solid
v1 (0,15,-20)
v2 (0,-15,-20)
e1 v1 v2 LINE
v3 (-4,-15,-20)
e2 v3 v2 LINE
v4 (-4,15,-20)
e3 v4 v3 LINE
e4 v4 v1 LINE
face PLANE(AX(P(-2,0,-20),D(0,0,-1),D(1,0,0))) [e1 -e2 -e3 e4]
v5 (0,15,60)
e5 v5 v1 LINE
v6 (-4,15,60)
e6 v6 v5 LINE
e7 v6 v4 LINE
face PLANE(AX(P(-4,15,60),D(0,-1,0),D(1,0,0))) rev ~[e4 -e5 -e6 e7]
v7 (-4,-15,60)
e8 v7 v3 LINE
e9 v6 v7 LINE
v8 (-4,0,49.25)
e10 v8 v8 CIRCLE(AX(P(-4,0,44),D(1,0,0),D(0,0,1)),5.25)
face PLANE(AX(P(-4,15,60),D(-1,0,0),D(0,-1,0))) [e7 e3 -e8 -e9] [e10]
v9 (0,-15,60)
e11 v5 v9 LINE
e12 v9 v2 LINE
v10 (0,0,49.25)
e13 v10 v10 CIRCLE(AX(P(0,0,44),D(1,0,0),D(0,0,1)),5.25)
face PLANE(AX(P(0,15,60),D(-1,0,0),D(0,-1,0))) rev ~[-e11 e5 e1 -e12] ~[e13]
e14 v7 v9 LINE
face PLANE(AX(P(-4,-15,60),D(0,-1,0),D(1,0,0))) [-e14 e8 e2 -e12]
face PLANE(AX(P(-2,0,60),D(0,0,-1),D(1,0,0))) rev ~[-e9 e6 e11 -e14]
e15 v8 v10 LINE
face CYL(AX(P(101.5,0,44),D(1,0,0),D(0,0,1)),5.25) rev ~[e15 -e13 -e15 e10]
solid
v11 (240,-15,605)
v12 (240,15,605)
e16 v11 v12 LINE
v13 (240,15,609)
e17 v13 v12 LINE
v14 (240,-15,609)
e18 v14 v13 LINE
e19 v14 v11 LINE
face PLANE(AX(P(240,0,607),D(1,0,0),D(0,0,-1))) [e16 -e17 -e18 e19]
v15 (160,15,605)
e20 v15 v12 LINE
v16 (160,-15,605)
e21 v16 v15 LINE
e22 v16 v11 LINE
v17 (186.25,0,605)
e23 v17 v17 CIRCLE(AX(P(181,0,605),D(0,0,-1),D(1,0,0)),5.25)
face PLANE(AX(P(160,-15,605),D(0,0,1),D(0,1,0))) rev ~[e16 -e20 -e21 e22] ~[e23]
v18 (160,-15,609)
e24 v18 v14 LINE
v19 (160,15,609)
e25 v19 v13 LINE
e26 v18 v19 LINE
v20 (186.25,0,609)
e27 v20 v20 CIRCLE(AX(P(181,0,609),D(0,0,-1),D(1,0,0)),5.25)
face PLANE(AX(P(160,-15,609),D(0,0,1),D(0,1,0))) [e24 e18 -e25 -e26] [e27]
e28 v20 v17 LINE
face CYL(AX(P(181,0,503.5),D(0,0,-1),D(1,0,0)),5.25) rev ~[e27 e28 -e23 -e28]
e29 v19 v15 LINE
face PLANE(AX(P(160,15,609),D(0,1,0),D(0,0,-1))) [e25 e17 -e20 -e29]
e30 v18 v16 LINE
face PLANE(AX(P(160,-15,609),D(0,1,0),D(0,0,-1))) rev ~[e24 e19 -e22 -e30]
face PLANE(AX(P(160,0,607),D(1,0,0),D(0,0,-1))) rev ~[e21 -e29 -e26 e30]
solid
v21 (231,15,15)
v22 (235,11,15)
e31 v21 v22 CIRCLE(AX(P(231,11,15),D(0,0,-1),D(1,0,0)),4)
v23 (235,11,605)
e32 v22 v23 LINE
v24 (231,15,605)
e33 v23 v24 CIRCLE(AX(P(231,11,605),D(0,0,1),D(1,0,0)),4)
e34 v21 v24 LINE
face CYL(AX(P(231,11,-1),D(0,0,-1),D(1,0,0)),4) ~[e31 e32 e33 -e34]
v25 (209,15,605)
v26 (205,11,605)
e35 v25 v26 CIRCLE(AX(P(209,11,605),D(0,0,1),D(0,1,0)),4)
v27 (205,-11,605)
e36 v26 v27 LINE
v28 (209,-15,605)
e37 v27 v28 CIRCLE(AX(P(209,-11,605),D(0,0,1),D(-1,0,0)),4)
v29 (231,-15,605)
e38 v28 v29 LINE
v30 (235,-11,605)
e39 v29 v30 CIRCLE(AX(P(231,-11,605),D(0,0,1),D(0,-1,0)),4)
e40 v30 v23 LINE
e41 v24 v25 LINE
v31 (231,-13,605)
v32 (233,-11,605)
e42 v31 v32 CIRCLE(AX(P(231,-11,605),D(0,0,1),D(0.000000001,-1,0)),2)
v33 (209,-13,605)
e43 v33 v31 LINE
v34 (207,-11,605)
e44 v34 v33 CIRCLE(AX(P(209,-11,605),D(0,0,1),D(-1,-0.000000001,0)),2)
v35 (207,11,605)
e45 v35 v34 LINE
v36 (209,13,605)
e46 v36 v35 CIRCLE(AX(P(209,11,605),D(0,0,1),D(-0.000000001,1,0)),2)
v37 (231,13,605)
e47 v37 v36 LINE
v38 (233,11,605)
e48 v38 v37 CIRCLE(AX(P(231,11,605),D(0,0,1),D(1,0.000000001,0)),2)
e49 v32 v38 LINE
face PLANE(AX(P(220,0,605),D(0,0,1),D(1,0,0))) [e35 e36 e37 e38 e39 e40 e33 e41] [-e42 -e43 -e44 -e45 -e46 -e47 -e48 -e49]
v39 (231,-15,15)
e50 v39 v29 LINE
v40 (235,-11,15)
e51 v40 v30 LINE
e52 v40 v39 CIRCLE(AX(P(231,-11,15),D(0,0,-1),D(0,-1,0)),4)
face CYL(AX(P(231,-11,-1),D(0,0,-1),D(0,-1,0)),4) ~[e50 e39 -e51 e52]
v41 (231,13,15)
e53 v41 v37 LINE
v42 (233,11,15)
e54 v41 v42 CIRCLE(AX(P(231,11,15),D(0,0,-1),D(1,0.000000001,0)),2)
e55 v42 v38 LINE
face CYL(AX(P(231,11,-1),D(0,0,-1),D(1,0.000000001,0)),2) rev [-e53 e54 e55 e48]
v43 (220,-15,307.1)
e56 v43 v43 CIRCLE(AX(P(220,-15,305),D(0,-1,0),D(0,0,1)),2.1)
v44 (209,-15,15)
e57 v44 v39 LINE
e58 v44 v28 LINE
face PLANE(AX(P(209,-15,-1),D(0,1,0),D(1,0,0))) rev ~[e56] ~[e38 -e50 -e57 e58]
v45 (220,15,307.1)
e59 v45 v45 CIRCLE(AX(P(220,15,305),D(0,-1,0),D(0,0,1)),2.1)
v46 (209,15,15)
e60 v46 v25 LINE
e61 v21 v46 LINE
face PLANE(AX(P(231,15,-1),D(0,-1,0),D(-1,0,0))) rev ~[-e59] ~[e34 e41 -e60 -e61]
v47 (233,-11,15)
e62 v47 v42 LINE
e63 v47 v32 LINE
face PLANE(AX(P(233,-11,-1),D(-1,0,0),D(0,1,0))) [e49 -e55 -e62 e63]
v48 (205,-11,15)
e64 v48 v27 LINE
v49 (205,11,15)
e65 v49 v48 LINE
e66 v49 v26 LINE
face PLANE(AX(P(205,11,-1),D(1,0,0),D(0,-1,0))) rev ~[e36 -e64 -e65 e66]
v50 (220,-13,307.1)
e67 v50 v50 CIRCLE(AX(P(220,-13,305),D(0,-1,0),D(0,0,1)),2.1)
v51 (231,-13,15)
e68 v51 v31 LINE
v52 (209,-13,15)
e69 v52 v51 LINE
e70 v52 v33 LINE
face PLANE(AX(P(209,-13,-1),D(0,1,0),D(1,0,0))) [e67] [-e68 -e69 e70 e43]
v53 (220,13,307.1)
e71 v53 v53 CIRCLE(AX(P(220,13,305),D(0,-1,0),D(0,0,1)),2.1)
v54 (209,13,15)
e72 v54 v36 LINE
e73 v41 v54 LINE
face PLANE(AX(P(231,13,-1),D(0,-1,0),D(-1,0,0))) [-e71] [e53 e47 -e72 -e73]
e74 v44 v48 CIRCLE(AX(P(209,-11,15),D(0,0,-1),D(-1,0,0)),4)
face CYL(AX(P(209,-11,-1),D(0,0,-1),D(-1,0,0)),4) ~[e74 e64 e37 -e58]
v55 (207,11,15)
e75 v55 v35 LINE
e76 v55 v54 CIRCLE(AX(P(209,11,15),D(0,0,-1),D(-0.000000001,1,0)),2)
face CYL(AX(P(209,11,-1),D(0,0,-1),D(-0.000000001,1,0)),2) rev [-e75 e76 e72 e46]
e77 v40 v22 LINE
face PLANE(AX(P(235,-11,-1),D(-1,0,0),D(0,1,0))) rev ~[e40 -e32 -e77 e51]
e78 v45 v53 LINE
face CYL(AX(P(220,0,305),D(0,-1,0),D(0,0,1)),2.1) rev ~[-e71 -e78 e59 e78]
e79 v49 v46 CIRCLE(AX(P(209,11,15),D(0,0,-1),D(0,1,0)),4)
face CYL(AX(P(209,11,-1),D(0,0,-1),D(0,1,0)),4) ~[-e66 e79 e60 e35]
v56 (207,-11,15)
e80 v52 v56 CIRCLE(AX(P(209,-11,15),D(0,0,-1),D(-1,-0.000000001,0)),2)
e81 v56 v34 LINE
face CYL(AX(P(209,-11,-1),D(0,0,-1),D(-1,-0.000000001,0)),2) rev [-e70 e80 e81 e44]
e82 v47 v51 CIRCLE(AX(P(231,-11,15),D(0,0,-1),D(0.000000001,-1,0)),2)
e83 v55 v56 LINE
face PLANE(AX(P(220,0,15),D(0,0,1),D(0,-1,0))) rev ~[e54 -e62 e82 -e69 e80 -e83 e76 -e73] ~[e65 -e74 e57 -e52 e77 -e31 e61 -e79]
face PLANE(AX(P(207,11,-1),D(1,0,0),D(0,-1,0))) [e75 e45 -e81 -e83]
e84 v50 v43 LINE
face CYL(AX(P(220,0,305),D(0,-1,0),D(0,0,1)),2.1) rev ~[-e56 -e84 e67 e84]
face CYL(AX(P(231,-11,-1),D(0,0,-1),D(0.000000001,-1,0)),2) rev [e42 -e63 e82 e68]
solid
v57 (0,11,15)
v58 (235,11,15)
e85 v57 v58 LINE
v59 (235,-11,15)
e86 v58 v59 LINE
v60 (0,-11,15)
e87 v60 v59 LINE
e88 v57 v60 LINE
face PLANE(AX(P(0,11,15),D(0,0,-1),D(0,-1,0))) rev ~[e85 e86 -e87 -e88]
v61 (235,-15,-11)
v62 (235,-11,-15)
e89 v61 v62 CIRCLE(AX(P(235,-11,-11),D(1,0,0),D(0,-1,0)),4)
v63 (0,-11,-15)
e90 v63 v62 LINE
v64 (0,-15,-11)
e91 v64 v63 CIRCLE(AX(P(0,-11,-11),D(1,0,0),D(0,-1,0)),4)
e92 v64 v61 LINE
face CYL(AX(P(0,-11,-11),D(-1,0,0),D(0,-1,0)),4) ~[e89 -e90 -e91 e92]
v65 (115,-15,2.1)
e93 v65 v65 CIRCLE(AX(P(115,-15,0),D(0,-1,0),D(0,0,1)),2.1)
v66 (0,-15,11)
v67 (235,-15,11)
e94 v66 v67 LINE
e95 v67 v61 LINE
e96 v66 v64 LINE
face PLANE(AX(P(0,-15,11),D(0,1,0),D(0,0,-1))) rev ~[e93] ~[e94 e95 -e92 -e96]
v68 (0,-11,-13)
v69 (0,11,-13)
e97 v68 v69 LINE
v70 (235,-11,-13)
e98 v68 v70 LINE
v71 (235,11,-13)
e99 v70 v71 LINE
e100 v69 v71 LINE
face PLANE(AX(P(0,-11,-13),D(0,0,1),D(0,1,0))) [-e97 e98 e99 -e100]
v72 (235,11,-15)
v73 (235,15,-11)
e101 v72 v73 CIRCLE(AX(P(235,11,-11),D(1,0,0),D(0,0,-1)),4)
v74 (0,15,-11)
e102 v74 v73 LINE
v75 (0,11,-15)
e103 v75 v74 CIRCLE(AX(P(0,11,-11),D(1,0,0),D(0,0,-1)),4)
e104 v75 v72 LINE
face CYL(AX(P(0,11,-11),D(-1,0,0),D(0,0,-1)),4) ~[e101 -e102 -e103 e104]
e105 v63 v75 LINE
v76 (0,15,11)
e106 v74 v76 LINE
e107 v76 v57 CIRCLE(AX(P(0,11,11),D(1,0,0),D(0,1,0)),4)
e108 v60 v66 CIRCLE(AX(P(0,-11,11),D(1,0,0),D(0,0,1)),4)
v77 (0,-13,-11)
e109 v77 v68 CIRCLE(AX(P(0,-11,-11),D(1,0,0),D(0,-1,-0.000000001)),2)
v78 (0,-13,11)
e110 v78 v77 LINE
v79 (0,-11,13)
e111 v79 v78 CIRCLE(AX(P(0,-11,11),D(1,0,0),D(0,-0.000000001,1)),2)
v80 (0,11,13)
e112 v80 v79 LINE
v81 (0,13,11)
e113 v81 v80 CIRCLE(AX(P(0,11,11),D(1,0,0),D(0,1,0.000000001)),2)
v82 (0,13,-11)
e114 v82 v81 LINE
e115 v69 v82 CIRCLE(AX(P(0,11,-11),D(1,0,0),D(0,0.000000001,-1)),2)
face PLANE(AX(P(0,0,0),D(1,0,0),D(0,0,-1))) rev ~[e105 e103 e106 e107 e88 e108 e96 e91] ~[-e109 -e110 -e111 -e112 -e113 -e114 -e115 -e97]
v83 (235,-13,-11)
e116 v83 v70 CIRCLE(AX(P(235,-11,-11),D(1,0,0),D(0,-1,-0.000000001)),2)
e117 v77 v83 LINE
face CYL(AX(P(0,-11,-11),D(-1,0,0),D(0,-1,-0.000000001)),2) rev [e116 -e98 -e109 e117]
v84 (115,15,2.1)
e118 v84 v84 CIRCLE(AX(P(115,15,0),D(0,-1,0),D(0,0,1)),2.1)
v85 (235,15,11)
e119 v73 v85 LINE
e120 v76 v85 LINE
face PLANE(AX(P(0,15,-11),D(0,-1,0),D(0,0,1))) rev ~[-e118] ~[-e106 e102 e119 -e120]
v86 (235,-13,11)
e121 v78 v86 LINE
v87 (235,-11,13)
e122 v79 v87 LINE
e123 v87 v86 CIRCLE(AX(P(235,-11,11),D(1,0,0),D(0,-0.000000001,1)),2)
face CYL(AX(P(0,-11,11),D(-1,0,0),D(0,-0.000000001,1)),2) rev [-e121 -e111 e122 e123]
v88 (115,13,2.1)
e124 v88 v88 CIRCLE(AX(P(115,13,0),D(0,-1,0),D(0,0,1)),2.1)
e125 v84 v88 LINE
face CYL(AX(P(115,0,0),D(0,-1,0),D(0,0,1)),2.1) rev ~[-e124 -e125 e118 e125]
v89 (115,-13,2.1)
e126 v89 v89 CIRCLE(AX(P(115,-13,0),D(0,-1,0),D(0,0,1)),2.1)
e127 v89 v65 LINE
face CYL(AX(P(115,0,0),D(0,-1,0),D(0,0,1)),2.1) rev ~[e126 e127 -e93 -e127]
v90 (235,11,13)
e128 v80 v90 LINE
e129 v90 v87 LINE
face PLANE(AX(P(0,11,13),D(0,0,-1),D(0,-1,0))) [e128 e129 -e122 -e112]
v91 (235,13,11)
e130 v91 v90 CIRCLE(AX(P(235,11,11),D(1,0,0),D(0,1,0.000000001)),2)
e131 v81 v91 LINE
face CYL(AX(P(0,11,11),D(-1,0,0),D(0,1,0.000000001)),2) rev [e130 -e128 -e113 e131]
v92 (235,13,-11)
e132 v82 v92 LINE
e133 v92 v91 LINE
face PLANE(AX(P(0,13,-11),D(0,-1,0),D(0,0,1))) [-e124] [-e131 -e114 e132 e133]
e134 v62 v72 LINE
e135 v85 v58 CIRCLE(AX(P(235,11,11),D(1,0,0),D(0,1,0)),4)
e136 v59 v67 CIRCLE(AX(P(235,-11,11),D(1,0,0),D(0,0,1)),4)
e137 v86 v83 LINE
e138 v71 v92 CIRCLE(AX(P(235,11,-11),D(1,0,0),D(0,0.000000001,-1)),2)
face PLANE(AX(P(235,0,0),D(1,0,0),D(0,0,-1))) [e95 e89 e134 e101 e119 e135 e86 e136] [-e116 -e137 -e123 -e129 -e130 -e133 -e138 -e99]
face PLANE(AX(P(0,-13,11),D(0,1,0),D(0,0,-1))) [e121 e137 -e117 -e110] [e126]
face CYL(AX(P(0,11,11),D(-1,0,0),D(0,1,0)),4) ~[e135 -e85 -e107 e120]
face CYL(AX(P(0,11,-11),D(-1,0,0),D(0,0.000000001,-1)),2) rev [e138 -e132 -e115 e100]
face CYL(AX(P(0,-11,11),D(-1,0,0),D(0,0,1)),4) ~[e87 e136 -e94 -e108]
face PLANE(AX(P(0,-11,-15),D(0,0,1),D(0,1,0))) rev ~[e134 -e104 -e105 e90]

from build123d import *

# Parameters (mm, degrees)
SQUARE_TUBE_CONFIGURED_30_X_30_X_2_DEPTH   = 235
SQUARE_TUBE_CONFIGURED_30_X_30_X_2_2_DEPTH = 606
SKETCH11_W                                 = 4
SKETCH11_H                                 = 30
METAL_BAR_30_X_4_DEPTH                     = 80
SKETCH14_W                                 = 4
SKETCH14_H                                 = 30
METAL_BAR_30_X_4_2_DEPTH                   = 80
SKETCH16_W                                 = 5.25
SKETCH16_H                                 = 211
SKETCH16_AT_POINT_2_W                      = 5.25
SKETCH16_AT_POINT_2_H                      = 211
SKETCH18_W                                 = 2.1
SKETCH18_H                                 = 30
F_4_2_4_2_TABLE_MOUNT_HOLES_AT_2_COUNT     = 2
F_4_2_4_2_TABLE_MOUNT_HOLES_AT_2_PITCH     = 322.567822326


with BuildPart() as part:
    # Sketch1 → Square tube - configured 30 X 30 X 2 (new body)
    with BuildSketch(Plane(origin=(0, 0, 0), x_dir=(0, 0, -1), z_dir=(1, 0, 0))):
        with BuildLine():
            Line((-11, -15), (11, -15))
            ThreePointArc((11, -15), (13.828427125, -13.828427125), (15, -11))
            Line((15, -11), (15, 11))
            ThreePointArc((15, 11), (13.828427125, 13.828427125), (11, 15))
            Line((11, 15), (-11, 15))
            ThreePointArc((-11, 15), (-13.828427125, 13.828427125), (-15, 11))
            Line((-15, 11), (-15, -11))
            ThreePointArc((-15, -11), (-13.828427125, -13.828427125), (-11, -15))
        make_face()
        with BuildLine():
            Line((-11, -13), (11, -13))
            ThreePointArc((11, -13), (12.414213562, -12.414213562), (13, -11))
            Line((13, -11), (13, 11))
            ThreePointArc((13, 11), (12.414213562, 12.414213562), (11, 13))
            Line((11, 13), (-11, 13))
            ThreePointArc((-11, 13), (-12.414213562, 12.414213562), (-13, 11))
            Line((-13, 11), (-13, -11))
            ThreePointArc((-13, -11), (-12.414213562, -12.414213562), (-11, -13))
        make_face(mode=Mode.SUBTRACT)
    extrude(amount=SQUARE_TUBE_CONFIGURED_30_X_30_X_2_DEPTH)

    # Sketch18 → Ø4.2 (4.2) Table Mount Holes (revolve, cut)
    with BuildSketch(Plane(origin=(115, 15, 0), x_dir=(0, 0, 1), z_dir=(1, 0, 0))):
        with Locations((1.05, 15)):
            Rectangle(SKETCH18_W, SKETCH18_H)
    f_4_2_4_2_table_mount_holes = revolve(axis=Axis((115, 21.35, 0), (0, -1, 0)), mode=Mode.SUBTRACT)


with BuildPart() as body_2:
    # Sketch1 on segment 2 (carried to segment 2) → Square tube - configured 30 X 30 X 2 2 (new body)
    with BuildSketch(Plane(origin=(220, 0, -1), x_dir=(1, 0, 0), z_dir=(0, 0, 1))):
        with BuildLine():
            Line((-11, -15), (11, -15))
            ThreePointArc((11, -15), (13.828427125, -13.828427125), (15, -11))
            Line((15, -11), (15, 11))
            ThreePointArc((15, 11), (13.828427125, 13.828427125), (11, 15))
            Line((11, 15), (-11, 15))
            ThreePointArc((-11, 15), (-13.828427125, 13.828427125), (-15, 11))
            Line((-15, 11), (-15, -11))
            ThreePointArc((-15, -11), (-13.828427125, -13.828427125), (-11, -15))
        make_face()
        with BuildLine():
            Line((-11, -13), (11, -13))
            ThreePointArc((11, -13), (12.414213562, -12.414213562), (13, -11))
            Line((13, -11), (13, 11))
            ThreePointArc((13, 11), (12.414213562, 12.414213562), (11, 13))
            Line((11, 13), (-11, 13))
            ThreePointArc((-11, 13), (-12.414213562, 12.414213562), (-13, 11))
            Line((-13, 11), (-13, -11))
            ThreePointArc((-13, -11), (-12.414213562, -12.414213562), (-11, -13))
        make_face(mode=Mode.SUBTRACT)
    extrude(amount=SQUARE_TUBE_CONFIGURED_30_X_30_X_2_2_DEPTH)

    # Square tube - configured 30 X 30 X 2 2 e
    split(bisect_by=Plane(origin=(220, 0, 15), x_dir=(0, -1, 0), z_dir=(0, 0, 1)), keep=Keep.TOP)

    # Ø4.2 (4.2) Table Mount Holes at 2: Ø4.2 (4.2) Table Mount Holes ×2
    with Locations(*[Vector(0.3255129393965166, 0, 0.9455375858660722) * (i * F_4_2_4_2_TABLE_MOUNT_HOLES_AT_2_PITCH) for i in range(1, F_4_2_4_2_TABLE_MOUNT_HOLES_AT_2_COUNT)]):
        add(f_4_2_4_2_table_mount_holes, mode=Mode.SUBTRACT)


with BuildPart() as body_3:
    # Sketch11 → Metal bar 30 X 4 (new body)
    with BuildSketch(Plane(origin=(0, 0, 60), x_dir=(1, 0, 0), z_dir=(0, 0, -1))):
        with Locations((-2, 0)):
            Rectangle(SKETCH11_W, SKETCH11_H)
    extrude(amount=METAL_BAR_30_X_4_DEPTH)

    # Sketch16 → Ø10.5 (10.5) Main Frame Mount Holes (revolve, cut)
    with BuildSketch(Plane(origin=(-4, 0, 44), x_dir=(0, 0, 1), z_dir=(0, 1, 0))):
        with Locations((2.625, 105.5)):
            Rectangle(SKETCH16_W, SKETCH16_H)
    revolve(axis=Axis((-10.35, 0, 44), (1, 0, 0)), mode=Mode.SUBTRACT)


with BuildPart() as body_4:
    # Sketch14 → Metal bar 30 X 4(2) (new body)
    with BuildSketch(Plane(origin=(160, 0, 605), x_dir=(0, 0, -1), z_dir=(1, 0, 0))):
        with Locations((-2, 0)):
            Rectangle(SKETCH14_W, SKETCH14_H)
    extrude(amount=METAL_BAR_30_X_4_2_DEPTH)

    # Sketch16 at point 2 (carried to point 2, square into its face) → Ø10.5 (10.5) Main Frame Mount Holes at 2 (revolve, cut)
    with BuildSketch(Plane(origin=(181, 0, 609), x_dir=(1, 0, 0), z_dir=(0, 1, 0))):
        with Locations((2.625, 105.5)):
            Rectangle(SKETCH16_AT_POINT_2_W, SKETCH16_AT_POINT_2_H)
    revolve(axis=Axis((181, 0, 615.35), (0, 0, -1)), mode=Mode.SUBTRACT)


solid = Compound([part.part, body_2.part, body_3.part, body_4.part])
